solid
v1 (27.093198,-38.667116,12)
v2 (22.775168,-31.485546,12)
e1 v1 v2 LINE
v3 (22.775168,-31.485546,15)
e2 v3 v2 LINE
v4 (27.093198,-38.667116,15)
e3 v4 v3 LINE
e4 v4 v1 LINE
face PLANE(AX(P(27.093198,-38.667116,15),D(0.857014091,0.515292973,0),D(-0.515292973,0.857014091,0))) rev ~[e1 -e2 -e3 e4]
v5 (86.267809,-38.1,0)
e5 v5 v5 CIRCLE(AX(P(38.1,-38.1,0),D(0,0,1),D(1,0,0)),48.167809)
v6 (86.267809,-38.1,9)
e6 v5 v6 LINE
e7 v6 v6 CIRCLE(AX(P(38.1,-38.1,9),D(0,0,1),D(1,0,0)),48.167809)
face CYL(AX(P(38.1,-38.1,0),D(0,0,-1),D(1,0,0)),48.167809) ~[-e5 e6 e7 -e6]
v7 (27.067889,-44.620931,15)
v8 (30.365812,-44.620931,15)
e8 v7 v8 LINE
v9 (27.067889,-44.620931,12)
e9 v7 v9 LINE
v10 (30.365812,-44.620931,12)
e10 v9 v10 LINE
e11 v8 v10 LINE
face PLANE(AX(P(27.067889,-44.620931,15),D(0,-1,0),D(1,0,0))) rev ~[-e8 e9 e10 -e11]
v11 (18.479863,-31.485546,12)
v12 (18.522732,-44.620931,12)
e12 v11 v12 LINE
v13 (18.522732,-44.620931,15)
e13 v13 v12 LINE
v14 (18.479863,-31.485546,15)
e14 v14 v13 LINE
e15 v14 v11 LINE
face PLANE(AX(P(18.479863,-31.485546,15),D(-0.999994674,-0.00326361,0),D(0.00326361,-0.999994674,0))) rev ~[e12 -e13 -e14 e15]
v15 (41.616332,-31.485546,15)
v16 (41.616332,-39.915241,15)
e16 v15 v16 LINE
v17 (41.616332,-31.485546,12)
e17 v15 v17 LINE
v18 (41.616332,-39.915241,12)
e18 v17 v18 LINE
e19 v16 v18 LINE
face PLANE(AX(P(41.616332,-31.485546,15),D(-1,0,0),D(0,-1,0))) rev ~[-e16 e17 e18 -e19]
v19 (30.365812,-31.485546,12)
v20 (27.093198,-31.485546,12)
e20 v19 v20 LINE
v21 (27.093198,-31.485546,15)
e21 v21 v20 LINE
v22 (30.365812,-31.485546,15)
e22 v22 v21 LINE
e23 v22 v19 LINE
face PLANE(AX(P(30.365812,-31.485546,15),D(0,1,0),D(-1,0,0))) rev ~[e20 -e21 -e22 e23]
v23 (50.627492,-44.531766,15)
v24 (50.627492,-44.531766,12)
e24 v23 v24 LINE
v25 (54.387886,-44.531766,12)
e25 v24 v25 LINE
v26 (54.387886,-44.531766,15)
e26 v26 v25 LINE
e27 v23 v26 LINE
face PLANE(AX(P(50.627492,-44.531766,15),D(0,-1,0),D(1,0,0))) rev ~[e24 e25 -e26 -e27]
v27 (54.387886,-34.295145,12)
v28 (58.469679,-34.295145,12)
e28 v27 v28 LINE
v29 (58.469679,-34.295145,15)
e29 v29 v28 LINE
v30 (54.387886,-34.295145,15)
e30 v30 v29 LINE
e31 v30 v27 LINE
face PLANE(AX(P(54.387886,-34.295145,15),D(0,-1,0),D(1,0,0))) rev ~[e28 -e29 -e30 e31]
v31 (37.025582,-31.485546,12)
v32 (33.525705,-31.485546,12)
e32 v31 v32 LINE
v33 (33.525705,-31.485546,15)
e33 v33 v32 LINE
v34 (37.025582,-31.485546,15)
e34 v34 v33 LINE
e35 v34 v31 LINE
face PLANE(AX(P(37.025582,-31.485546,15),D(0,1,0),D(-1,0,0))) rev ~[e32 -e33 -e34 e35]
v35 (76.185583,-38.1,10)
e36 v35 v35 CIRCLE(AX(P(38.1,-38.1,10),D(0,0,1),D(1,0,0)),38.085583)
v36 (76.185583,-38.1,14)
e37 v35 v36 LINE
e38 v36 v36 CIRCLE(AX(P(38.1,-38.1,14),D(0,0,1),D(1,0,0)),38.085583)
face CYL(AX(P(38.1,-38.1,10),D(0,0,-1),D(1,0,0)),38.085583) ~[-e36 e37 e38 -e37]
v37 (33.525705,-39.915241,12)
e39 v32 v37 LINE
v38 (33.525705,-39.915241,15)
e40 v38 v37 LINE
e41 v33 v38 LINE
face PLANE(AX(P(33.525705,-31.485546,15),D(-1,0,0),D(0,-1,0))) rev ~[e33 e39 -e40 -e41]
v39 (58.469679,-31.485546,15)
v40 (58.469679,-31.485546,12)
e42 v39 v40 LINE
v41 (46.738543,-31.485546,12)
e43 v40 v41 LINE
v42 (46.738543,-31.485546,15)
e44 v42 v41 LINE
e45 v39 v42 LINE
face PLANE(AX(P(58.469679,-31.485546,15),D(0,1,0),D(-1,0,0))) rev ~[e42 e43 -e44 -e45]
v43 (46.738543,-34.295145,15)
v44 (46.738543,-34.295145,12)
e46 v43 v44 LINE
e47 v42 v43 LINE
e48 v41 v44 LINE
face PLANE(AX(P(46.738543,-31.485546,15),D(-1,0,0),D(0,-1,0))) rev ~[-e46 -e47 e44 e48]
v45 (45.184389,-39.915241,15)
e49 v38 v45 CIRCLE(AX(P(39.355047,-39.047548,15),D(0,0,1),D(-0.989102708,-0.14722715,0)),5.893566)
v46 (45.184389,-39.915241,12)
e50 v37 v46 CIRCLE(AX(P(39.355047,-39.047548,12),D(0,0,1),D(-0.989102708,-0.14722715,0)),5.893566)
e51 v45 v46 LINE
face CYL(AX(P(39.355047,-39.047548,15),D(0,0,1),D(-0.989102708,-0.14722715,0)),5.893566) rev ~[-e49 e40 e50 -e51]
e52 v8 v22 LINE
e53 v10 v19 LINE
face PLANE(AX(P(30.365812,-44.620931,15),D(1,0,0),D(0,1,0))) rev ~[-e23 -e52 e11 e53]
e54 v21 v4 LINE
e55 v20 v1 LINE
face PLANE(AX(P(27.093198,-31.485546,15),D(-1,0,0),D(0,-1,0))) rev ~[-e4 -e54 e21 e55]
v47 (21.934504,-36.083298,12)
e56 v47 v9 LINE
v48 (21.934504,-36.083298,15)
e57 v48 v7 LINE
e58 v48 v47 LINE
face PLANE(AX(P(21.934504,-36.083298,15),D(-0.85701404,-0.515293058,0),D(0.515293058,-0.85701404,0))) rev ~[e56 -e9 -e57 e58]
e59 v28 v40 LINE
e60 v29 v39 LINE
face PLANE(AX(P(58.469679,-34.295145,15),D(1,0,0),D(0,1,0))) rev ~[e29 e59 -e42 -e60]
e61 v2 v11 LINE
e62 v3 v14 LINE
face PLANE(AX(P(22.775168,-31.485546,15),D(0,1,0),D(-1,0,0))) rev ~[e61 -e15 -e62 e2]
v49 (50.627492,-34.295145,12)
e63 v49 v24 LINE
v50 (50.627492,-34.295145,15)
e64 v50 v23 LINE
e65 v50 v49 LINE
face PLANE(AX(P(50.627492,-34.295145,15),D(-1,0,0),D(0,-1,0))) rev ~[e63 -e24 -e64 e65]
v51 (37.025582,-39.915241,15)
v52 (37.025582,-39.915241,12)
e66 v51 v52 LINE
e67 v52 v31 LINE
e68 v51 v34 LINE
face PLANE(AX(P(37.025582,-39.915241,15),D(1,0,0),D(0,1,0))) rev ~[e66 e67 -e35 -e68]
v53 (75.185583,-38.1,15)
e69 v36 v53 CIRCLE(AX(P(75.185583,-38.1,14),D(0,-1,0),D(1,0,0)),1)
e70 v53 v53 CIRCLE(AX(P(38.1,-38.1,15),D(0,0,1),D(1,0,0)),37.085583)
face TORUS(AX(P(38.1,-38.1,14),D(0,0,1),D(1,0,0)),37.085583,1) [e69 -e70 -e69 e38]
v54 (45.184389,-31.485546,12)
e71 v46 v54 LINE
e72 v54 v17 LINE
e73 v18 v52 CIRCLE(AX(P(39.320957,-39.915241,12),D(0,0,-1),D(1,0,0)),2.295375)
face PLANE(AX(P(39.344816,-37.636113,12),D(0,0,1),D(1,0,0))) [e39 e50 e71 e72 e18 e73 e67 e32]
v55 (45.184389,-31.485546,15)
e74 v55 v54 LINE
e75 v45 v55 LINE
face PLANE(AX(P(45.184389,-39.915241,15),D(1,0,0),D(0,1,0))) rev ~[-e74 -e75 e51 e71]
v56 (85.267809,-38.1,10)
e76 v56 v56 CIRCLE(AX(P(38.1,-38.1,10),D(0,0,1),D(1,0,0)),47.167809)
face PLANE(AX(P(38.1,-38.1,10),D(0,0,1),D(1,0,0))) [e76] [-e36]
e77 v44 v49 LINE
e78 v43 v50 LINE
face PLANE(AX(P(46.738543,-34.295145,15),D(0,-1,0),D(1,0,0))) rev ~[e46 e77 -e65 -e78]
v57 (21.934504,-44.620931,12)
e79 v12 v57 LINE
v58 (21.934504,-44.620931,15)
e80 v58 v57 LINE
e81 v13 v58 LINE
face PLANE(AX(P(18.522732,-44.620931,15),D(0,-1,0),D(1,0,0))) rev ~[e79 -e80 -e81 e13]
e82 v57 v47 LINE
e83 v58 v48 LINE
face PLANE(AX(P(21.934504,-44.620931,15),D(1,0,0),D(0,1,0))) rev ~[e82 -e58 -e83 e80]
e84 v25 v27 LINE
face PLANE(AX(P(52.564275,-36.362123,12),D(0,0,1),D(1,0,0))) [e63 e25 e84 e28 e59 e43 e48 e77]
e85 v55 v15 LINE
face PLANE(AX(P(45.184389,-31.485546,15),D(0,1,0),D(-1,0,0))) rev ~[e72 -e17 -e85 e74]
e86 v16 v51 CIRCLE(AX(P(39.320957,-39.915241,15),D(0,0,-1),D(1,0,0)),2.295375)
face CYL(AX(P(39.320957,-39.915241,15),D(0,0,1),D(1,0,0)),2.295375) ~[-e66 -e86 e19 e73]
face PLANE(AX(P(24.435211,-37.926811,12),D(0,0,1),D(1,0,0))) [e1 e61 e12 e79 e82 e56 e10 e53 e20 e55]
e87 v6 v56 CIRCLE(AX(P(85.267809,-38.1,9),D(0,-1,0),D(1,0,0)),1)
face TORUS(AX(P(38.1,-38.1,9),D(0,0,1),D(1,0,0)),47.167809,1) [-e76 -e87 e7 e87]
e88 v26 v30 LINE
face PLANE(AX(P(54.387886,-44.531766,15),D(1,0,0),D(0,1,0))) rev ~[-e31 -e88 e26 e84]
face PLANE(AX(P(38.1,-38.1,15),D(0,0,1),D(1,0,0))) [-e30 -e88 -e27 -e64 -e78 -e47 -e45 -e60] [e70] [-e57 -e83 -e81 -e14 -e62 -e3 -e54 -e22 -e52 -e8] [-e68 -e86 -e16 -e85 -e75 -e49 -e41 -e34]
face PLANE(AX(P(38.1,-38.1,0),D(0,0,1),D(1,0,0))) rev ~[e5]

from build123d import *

# Parameters (mm, degrees)
F0_R     = 48.167809
F1_DEPTH = 10
F2_R     = 38.085583
F3_DEPTH = 5
F5_DEPTH = 3
F6_R     = 1


with BuildPart() as f1:
    # F0 (on Top) → F1 (new body)
    with BuildSketch(Plane.XY):
        with Locations((38.1, -38.1)):
            Circle(F0_R)
    extrude(amount=F1_DEPTH)

    # F2 (on face) → F3 (join)
    with BuildSketch(Plane.XY.offset(10)):
        with Locations((38.1, -38.1)):
            Circle(F2_R)
    extrude(amount=F3_DEPTH)

    # F4 (on face) → F5 (cut)
    with BuildSketch(Plane.XY.offset(15)):
        Polygon((22.775168, -31.485546), (18.479863, -31.485546), (18.522732, -44.620931), (21.934504, -44.620931), (21.934504, -36.083298), (27.067889, -44.620931), (30.365812, -44.620931), (30.365812, -31.485546), (27.093198, -31.485546), (27.093198, -38.667116), align=None)
        with BuildLine():
            Line((37.025582, -31.485546), (33.525705, -31.485546))
            Line((33.525705, -31.485546), (33.525705, -39.915241))
            ThreePointArc((33.525705, -39.915241), (39.355047, -44.941114), (45.184389, -39.915241))
            Line((45.184389, -39.915241), (45.184389, -31.485546))
            Line((45.184389, -31.485546), (41.616332, -31.485546))
            Line((41.616332, -31.485546), (41.616332, -39.915241))
            ThreePointArc((41.616332, -39.915241), (39.320957, -42.210616), (37.025582, -39.915241))
            Line((37.025582, -39.915241), (37.025582, -31.485546))
        make_face()
        Polygon((58.469679, -31.485546), (46.738543, -31.485546), (46.738543, -34.295145), (50.627492, -34.295145), (50.627492, -44.531766), (54.387886, -44.531766), (54.387886, -34.295145), (58.469679, -34.295145), align=None)
    extrude(amount=-F5_DEPTH, mode=Mode.SUBTRACT)

    # F6
    f6_edges = [f1.edges().sort_by_distance(p)[0] for p in [
        (-10.067809, -38.1, 10),
        (0.014417, -38.1, 15),
    ]]
    fillet(f6_edges, radius=F6_R)


solid = f1.part
